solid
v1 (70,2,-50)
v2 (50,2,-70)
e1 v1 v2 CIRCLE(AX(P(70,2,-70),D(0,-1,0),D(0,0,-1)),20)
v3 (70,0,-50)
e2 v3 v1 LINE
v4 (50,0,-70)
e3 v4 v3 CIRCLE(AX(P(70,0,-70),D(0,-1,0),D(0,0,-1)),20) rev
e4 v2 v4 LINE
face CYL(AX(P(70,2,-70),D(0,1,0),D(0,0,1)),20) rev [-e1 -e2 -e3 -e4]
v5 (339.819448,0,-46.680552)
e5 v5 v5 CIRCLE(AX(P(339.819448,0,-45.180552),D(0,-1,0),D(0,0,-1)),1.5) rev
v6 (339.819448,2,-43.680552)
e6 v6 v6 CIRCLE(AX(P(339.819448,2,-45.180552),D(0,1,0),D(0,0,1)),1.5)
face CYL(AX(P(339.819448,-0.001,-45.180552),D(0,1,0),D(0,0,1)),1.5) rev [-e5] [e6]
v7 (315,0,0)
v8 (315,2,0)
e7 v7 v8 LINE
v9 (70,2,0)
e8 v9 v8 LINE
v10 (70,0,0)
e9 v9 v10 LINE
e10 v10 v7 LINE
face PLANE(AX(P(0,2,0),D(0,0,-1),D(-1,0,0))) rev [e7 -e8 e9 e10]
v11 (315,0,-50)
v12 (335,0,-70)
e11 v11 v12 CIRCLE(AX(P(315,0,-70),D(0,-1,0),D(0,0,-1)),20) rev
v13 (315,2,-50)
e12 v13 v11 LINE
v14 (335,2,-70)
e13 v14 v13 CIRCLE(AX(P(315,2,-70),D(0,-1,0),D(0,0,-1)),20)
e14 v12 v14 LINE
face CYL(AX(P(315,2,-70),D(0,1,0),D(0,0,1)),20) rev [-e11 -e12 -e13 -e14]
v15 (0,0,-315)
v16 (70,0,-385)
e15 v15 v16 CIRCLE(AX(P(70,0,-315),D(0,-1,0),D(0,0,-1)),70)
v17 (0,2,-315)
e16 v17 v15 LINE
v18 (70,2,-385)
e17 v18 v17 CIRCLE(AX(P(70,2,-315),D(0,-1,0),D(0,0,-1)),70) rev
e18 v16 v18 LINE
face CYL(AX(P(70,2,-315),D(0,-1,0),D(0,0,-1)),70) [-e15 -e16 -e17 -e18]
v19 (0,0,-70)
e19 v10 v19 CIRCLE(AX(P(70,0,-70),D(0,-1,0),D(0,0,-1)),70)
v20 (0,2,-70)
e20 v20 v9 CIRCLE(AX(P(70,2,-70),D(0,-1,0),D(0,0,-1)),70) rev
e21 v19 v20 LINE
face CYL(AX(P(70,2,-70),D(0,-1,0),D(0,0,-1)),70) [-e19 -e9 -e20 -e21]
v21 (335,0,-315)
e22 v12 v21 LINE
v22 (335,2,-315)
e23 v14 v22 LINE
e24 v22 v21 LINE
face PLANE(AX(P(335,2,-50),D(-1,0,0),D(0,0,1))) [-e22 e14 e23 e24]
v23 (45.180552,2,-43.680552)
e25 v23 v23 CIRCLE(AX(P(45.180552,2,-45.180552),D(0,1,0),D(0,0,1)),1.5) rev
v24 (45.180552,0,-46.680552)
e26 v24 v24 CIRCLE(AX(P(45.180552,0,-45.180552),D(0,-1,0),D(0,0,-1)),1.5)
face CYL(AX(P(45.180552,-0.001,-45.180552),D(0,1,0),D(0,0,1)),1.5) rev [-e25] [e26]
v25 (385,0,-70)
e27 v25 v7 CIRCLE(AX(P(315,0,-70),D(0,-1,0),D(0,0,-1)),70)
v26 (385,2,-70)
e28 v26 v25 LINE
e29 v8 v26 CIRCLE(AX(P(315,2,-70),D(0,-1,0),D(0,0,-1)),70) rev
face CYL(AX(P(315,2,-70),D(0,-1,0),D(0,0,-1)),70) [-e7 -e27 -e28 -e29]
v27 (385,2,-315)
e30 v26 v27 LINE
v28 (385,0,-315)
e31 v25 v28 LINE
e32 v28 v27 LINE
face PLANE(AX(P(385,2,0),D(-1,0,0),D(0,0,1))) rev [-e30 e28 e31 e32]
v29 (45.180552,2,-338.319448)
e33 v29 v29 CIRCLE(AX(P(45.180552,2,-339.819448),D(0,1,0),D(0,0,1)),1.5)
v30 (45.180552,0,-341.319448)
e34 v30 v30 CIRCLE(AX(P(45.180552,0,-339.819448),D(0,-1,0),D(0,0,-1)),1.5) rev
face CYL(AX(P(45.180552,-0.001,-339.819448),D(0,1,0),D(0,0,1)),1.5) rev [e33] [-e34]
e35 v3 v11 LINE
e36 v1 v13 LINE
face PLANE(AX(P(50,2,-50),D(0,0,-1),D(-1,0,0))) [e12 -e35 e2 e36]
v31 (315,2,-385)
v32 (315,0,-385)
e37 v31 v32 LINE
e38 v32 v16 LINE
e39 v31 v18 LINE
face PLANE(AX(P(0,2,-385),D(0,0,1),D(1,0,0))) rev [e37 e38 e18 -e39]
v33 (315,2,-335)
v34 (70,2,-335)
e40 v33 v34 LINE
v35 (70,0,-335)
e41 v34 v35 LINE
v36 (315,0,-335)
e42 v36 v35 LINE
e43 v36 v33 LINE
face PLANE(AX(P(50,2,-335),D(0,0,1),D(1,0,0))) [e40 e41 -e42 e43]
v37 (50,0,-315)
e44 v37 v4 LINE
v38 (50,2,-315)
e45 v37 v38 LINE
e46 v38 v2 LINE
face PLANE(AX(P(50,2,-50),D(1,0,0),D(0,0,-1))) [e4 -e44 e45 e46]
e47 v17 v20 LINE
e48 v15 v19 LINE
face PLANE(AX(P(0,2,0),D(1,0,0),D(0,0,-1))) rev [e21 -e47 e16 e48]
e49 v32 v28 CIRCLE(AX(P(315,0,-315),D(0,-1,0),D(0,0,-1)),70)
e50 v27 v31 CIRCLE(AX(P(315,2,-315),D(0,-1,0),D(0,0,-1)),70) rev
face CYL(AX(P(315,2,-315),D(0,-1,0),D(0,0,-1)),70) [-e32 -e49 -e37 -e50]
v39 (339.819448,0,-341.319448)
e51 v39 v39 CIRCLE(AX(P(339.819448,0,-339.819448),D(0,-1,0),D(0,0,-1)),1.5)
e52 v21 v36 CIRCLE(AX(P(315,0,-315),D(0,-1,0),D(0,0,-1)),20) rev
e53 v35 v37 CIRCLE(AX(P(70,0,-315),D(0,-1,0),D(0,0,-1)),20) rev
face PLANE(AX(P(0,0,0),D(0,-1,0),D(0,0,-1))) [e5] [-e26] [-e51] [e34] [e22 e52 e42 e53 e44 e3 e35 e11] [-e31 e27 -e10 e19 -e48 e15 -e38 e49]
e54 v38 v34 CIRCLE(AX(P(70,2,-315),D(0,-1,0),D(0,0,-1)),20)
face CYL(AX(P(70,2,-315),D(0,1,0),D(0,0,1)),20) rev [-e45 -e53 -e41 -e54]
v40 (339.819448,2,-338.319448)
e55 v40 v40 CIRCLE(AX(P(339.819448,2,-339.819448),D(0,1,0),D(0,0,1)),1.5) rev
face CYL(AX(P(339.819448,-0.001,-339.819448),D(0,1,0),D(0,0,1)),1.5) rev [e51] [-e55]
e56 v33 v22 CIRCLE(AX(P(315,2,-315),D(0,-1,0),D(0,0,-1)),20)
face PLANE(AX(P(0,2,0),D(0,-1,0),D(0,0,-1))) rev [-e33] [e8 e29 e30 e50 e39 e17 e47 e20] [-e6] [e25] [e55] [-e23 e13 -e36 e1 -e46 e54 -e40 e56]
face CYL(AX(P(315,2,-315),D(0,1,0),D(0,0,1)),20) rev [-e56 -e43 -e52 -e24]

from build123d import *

# Parameters (mm, degrees)
SKETCH_1_W          = 385
SKETCH_1_H          = 385
SKETCH_1_W_2        = 285
SKETCH_1_H_2        = 285
EXTRUDE_1_DEPTH     = 2
FILLET_1_R          = 70
FILLET_2_R          = 20
CUT_EXTRUDE_1_REACH = 546.476
SKETCH_2_R          = 1.5


with BuildPart() as part:
    # 草图1 → 凸台-拉伸1 (new body)
    with BuildSketch(Plane(origin=(0, 0, 0), x_dir=(1, 0, 0), z_dir=(0, 1, 0))):
        with Locations((192.5, 192.5)):
            Rectangle(SKETCH_1_W, SKETCH_1_H)
        with Locations((192.5, 192.5)):
            Rectangle(SKETCH_1_W_2, SKETCH_1_H_2, mode=Mode.SUBTRACT)
    extrude(amount=EXTRUDE_1_DEPTH)

    # 圆角1
    fillet_1_edges = [part.edges().sort_by_distance(p)[0] for p in [
        (0, 1, -385),
        (385, 1, -385),
        (385, 1, 0),
        (0, 1, 0),
    ]]
    fillet(fillet_1_edges, radius=FILLET_1_R)

    # 圆角2
    fillet_2_edges = [part.edges().sort_by_distance(p)[0] for p in [
        (50, 1, -335),
        (50, 1, -50),
        (335, 1, -50),
        (335, 1, -335),
    ]]
    fillet(fillet_2_edges, radius=FILLET_2_R)

    # 草图2 → 切除-拉伸1 (cut, up to next)
    with BuildSketch(Plane(origin=(0, 2, 0), x_dir=(1, 0, 0), z_dir=(0, 1, 0)), mode=Mode.PRIVATE) as cut_extrude_1_sk1:
        with Locations(Location((45.18055198, 45.18055198, 0), (0, 0, 270))):
            Circle(SKETCH_2_R)
    cut_extrude_1_tool1 = extrude(cut_extrude_1_sk1.sketch, amount=-CUT_EXTRUDE_1_REACH, mode=Mode.PRIVATE) & part.part
    # 草图2 → 切除-拉伸1 (cut, up to next)
    with BuildSketch(Plane(origin=(0, 2, 0), x_dir=(1, 0, 0), z_dir=(0, 1, 0)), mode=Mode.PRIVATE) as cut_extrude_1_sk2:
        with BuildLine():
            ThreePointArc((46.68055198, 339.81944802), (45.754577129, 341.205267318), (44.119891809, 340.880108191))
            Line((44.119891809, 340.880108191), (46.241212152, 338.758787848))
            ThreePointArc((46.241212152, 338.758787848), (46.566371279, 339.245422871), (46.68055198, 339.81944802))
        make_face()
    cut_extrude_1_tool2 = extrude(cut_extrude_1_sk2.sketch, amount=-CUT_EXTRUDE_1_REACH, mode=Mode.PRIVATE) & part.part
    # 草图2 → 切除-拉伸1 (cut, up to next)
    with BuildSketch(Plane(origin=(0, 2, 0), x_dir=(1, 0, 0), z_dir=(0, 1, 0)), mode=Mode.PRIVATE) as cut_extrude_1_sk3:
        with BuildLine():
            Line((46.241212152, 338.758787848), (44.119891809, 340.880108191))
            ThreePointArc((44.119891809, 340.880108191), (44.119891809, 338.758787848), (46.241212152, 338.758787848))
        make_face()
    cut_extrude_1_tool3 = extrude(cut_extrude_1_sk3.sketch, amount=-CUT_EXTRUDE_1_REACH, mode=Mode.PRIVATE) & part.part
    # 草图2 → 切除-拉伸1 (cut, up to next)
    with BuildSketch(Plane(origin=(0, 2, 0), x_dir=(1, 0, 0), z_dir=(0, 1, 0)), mode=Mode.PRIVATE) as cut_extrude_1_sk4:
        with BuildLine():
            ThreePointArc((46.68055198, 339.81944802), (45.754577129, 341.205267318), (44.119891809, 340.880108191))
            Line((44.119891809, 340.880108191), (46.241212152, 338.758787848))
            ThreePointArc((46.241212152, 338.758787848), (46.566371279, 339.245422871), (46.68055198, 339.81944802))
        make_face()
    cut_extrude_1_tool4 = extrude(cut_extrude_1_sk4.sketch, amount=-CUT_EXTRUDE_1_REACH, mode=Mode.PRIVATE) & part.part
    # 草图2 → 切除-拉伸1 (cut, up to next)
    with BuildSketch(Plane(origin=(0, 2, 0), x_dir=(1, 0, 0), z_dir=(0, 1, 0)), mode=Mode.PRIVATE) as cut_extrude_1_sk5:
        with BuildLine():
            Line((46.241212152, 338.758787848), (44.119891809, 340.880108191))
            ThreePointArc((44.119891809, 340.880108191), (44.119891809, 338.758787848), (46.241212152, 338.758787848))
        make_face()
    cut_extrude_1_tool5 = extrude(cut_extrude_1_sk5.sketch, amount=-CUT_EXTRUDE_1_REACH, mode=Mode.PRIVATE) & part.part
    # 草图2 → 切除-拉伸1 (cut, up to next)
    with BuildSketch(Plane(origin=(0, 2, 0), x_dir=(1, 0, 0), z_dir=(0, 1, 0)), mode=Mode.PRIVATE) as cut_extrude_1_sk6:
        with Locations(Location((339.81944802, 339.81944802, 0), (0, 0, 270))):
            Circle(SKETCH_2_R)
    cut_extrude_1_tool6 = extrude(cut_extrude_1_sk6.sketch, amount=-CUT_EXTRUDE_1_REACH, mode=Mode.PRIVATE) & part.part
    # 草图2 → 切除-拉伸1 (cut, up to next)
    with BuildSketch(Plane(origin=(0, 2, 0), x_dir=(1, 0, 0), z_dir=(0, 1, 0)), mode=Mode.PRIVATE) as cut_extrude_1_sk7:
        with Locations(Location((339.81944802, 45.18055198, 0), (0, 0, 270))):
            Circle(SKETCH_2_R)
    cut_extrude_1_tool7 = extrude(cut_extrude_1_sk7.sketch, amount=-CUT_EXTRUDE_1_REACH, mode=Mode.PRIVATE) & part.part
    add(cut_extrude_1_tool1.solids().sort_by_distance((45.180552, 2, -45.180552))[0], mode=Mode.SUBTRACT)
    add(cut_extrude_1_tool2.solids().sort_by_distance((45.63071, 2, -340.269606))[0], mode=Mode.SUBTRACT)
    add(cut_extrude_1_tool3.solids().sort_by_distance((44.730394, 2, -339.36929))[0], mode=Mode.SUBTRACT)
    add(cut_extrude_1_tool4.solids().sort_by_distance((45.63071, 2, -340.269606))[0], mode=Mode.SUBTRACT)
    add(cut_extrude_1_tool5.solids().sort_by_distance((44.730394, 2, -339.36929))[0], mode=Mode.SUBTRACT)
    add(cut_extrude_1_tool6.solids().sort_by_distance((339.819448, 2, -339.819448))[0], mode=Mode.SUBTRACT)
    add(cut_extrude_1_tool7.solids().sort_by_distance((339.819448, 2, -45.180552))[0], mode=Mode.SUBTRACT)


solid = part.part
